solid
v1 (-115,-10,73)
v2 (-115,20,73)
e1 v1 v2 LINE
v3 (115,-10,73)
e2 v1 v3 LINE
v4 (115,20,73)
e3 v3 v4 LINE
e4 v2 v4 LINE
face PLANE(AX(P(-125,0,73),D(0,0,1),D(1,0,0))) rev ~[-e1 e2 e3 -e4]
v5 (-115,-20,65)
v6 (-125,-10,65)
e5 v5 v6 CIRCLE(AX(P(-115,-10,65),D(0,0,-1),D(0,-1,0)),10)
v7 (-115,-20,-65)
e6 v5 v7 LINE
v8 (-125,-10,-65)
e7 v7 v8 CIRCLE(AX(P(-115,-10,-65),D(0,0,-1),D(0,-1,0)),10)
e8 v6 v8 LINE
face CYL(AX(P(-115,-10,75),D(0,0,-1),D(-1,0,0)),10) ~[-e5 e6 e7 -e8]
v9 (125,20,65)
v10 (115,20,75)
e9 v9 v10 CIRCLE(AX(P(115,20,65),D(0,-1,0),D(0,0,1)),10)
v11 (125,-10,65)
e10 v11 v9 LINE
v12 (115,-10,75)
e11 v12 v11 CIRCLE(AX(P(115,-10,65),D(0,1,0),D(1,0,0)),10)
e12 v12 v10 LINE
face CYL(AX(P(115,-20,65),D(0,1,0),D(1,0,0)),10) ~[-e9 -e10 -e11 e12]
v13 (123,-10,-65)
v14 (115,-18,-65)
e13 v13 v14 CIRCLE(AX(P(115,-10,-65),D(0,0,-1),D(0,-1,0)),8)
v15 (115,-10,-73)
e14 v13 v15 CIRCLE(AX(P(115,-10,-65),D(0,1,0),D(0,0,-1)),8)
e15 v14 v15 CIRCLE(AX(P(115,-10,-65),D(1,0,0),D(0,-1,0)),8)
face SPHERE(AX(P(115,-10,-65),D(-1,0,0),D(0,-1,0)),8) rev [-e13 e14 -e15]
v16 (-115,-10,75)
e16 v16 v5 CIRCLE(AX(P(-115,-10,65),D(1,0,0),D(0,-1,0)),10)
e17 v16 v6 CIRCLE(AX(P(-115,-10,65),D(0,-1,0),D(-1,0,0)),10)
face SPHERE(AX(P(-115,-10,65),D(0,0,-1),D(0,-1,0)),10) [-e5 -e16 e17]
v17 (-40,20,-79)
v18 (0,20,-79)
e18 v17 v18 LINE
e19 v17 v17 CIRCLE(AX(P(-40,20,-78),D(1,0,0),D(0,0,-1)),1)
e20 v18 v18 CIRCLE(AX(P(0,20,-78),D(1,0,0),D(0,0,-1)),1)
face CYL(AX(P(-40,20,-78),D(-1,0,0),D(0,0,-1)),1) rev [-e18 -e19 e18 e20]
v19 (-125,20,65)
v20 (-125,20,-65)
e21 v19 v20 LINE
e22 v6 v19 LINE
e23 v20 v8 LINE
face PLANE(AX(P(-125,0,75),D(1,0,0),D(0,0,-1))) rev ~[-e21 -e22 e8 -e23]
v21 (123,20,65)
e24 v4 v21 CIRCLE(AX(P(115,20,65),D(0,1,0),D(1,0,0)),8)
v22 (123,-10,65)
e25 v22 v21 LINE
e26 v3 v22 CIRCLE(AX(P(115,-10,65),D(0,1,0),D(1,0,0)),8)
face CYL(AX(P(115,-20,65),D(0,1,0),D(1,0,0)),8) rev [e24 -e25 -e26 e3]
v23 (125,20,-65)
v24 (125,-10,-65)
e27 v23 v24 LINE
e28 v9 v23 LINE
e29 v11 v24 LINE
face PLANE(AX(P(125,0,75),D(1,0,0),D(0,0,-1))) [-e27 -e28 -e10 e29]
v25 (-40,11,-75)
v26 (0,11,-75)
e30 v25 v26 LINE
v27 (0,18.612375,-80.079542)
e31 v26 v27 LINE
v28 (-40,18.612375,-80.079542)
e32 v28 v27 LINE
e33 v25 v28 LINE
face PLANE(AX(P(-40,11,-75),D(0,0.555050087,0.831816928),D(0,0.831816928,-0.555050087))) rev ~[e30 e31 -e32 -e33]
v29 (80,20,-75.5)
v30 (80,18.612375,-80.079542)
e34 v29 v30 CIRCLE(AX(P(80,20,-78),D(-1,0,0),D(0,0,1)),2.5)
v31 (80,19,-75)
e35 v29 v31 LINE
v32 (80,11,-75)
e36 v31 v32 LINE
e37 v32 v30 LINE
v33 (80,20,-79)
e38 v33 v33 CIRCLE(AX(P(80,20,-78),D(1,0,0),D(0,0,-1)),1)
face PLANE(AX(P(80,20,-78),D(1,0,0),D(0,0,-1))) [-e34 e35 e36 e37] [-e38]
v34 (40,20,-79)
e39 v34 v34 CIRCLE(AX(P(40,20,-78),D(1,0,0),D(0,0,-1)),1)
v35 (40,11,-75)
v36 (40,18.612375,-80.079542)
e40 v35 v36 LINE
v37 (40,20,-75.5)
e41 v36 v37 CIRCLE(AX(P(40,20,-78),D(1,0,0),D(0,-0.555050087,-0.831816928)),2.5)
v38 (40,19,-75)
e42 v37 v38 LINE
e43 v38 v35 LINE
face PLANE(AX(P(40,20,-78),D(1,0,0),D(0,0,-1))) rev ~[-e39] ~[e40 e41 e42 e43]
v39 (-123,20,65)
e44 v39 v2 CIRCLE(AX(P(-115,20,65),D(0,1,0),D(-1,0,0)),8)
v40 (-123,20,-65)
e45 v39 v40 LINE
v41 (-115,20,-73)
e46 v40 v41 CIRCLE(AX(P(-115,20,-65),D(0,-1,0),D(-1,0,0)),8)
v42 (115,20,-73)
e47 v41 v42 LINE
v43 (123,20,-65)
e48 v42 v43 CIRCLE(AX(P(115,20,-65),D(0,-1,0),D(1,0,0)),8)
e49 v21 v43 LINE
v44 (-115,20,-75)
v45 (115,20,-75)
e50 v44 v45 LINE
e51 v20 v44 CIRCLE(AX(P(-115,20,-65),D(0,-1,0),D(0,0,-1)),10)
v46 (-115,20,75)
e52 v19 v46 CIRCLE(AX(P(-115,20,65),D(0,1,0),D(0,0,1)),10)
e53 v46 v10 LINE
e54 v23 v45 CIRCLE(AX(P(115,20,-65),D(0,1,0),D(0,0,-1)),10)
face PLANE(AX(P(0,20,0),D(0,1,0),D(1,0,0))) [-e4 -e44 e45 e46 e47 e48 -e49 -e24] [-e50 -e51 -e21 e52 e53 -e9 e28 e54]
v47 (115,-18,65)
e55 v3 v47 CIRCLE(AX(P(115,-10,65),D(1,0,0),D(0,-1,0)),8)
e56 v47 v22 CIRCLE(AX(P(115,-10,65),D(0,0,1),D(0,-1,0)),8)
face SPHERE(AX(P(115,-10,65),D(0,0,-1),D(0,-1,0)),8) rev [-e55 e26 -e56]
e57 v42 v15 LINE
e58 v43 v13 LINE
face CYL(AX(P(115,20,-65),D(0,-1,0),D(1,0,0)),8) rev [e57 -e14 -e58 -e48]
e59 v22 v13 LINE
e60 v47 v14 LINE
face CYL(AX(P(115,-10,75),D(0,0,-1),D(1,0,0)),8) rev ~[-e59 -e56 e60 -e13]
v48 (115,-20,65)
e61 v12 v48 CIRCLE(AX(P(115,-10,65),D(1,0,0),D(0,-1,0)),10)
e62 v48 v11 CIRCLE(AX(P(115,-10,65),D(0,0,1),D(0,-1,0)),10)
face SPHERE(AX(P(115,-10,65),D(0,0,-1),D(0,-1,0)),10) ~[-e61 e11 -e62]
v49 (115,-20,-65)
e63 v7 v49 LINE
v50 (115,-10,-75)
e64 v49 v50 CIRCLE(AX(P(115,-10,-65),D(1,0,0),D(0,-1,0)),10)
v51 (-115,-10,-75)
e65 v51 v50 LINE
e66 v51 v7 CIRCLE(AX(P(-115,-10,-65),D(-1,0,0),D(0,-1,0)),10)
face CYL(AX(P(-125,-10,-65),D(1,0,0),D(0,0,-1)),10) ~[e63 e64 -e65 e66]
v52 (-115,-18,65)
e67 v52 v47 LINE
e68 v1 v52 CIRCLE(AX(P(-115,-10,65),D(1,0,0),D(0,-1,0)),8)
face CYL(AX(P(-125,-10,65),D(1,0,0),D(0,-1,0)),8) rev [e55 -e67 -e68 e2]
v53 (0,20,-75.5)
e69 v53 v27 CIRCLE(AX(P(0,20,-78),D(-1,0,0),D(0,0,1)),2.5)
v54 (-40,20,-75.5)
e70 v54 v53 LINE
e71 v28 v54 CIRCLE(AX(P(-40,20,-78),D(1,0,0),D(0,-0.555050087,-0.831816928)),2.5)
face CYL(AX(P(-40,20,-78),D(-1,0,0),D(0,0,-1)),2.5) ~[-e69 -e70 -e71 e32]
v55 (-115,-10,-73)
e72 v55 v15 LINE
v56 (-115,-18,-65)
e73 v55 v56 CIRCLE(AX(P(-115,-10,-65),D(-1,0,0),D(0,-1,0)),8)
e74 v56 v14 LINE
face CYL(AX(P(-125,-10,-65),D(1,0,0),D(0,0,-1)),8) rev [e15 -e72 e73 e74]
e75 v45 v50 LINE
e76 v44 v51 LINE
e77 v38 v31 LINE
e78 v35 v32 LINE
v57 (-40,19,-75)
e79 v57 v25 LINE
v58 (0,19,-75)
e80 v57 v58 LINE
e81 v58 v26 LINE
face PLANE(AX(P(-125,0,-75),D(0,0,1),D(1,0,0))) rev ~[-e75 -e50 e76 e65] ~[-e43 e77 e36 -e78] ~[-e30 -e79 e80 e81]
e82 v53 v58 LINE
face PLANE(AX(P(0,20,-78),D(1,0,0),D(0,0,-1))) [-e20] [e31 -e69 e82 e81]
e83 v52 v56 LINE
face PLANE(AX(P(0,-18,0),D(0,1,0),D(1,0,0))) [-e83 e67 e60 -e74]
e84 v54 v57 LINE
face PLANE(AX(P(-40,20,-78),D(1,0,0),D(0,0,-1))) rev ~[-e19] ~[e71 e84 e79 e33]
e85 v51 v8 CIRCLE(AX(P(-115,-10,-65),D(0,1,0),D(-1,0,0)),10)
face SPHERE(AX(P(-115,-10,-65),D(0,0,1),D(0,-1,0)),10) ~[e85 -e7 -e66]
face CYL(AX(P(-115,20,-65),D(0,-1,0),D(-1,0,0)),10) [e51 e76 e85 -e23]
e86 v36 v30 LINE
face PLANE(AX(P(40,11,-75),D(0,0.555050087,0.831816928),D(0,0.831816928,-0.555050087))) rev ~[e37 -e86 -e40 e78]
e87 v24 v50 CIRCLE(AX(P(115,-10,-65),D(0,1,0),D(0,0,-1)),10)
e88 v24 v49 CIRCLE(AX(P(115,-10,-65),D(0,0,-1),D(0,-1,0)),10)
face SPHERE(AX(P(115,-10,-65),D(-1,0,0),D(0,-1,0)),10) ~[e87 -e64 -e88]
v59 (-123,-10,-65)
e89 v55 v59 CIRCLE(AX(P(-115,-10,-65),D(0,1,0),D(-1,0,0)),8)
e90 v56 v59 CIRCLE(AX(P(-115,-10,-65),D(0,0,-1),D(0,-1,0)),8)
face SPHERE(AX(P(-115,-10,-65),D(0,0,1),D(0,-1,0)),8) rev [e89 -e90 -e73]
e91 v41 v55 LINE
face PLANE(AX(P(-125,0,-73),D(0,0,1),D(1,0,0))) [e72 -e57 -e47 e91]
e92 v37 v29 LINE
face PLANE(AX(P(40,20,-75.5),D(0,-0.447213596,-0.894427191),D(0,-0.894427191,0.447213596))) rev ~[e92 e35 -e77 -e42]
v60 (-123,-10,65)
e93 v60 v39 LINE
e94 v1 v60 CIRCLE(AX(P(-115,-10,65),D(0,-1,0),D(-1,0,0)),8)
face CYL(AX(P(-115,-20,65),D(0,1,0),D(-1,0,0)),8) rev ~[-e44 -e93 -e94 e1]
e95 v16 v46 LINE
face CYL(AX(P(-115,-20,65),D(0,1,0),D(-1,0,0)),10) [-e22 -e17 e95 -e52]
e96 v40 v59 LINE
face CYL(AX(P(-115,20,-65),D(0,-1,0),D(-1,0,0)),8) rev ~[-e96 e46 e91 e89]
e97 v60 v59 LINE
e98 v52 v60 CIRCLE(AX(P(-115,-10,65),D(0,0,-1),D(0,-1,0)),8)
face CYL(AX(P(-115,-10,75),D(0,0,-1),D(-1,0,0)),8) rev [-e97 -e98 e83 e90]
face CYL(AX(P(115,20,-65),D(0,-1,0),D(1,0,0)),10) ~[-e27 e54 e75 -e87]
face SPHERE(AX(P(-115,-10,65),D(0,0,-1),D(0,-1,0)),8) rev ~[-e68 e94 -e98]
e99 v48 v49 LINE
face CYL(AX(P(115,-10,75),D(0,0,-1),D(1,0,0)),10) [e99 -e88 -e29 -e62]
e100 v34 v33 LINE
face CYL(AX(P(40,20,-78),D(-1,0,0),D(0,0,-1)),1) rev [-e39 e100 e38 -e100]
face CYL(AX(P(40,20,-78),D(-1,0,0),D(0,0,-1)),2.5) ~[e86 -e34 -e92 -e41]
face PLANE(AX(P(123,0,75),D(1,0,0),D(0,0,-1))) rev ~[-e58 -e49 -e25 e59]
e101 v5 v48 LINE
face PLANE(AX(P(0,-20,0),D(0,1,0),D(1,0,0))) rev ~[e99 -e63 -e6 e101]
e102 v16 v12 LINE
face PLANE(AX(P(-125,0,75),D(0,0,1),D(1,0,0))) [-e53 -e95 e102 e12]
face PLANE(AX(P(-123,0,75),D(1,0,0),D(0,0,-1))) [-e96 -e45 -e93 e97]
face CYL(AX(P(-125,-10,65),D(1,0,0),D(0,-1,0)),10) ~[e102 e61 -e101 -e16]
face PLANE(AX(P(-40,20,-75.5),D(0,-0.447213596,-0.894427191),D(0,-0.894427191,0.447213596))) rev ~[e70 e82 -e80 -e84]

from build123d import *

# Parameters (mm, degrees)
CROQUIS1_W              = 250
CROQUIS1_H              = 150
SALIENTE_EXTRUIR1_DEPTH = 20
REDONDEO1_R             = 10
VACIADO2_T              = -2
SALIENTE_EXTRUIR2_START = 40
CROQUIS2_R              = 1
SALIENTE_EXTRUIR2_DEPTH = 40
SALIENTE_EXTRUIR3_START = -40
CROQUIS2_3_R            = 1
SALIENTE_EXTRUIR3_DEPTH = 40


with BuildPart() as part:
    # Croquis1 → Saliente-Extruir1 (new, symmetric)
    with BuildSketch(Plane(origin=(0, 0, 0), x_dir=(1, 0, 0), z_dir=(0, 1, 0))):
        Rectangle(CROQUIS1_W, CROQUIS1_H)
    extrude(amount=SALIENTE_EXTRUIR1_DEPTH, both=True)

    # Redondeo1
    redondeo1_edges = [part.edges().sort_by_distance(p)[0] for p in [
        (0, -20, -75),
        (-125, 0, -75),
        (125, 0, -75),
        (-125, 0, 75),
        (-125, -20, 0),
        (125, -20, 0),
        (125, 0, 75),
        (0, -20, 75),
    ]]
    fillet(redondeo1_edges, radius=REDONDEO1_R)

    # Vaciado2
    vaciado2_openings = [part.faces().sort_by_distance(p)[0] for p in [
        (0, 20, 0),
    ]]
    offset(amount=VACIADO2_T, openings=vaciado2_openings, kind=Kind.INTERSECTION)

    # Croquis2 → Saliente-Extruir2 (add)
    with BuildSketch(Plane(origin=(0, 0, 0), x_dir=(0, 0, -1), z_dir=(1, 0, 0)).offset(SALIENTE_EXTRUIR2_START)):
        with BuildLine():
            Line((75, 11), (80.079542319, 18.612374783))
            ThreePointArc((80.079542319, 18.612374783), (78.724963517, 22.392577668), (75.5, 20))
            Line((75.5, 20), (75, 19))
            Line((75, 19), (75, 11))
        make_face()
        with Locations((78, 20)):
            Circle(CROQUIS2_R, mode=Mode.SUBTRACT)
    extrude(amount=SALIENTE_EXTRUIR2_DEPTH)

    # Croquis2<3> → Saliente-Extruir3 (add)
    with BuildSketch(Plane(origin=(0, 0, 0), x_dir=(0, 0, -1), z_dir=(1, 0, 0)).offset(SALIENTE_EXTRUIR3_START)):
        with BuildLine():
            Line((75, 11), (80.079542319, 18.612374783))
            ThreePointArc((80.079542319, 18.612374783), (78.724963517, 22.392577668), (75.5, 20))
            Line((75.5, 20), (75, 19))
            Line((75, 19), (75, 11))
        make_face()
        with Locations((78, 20)):
            Circle(CROQUIS2_3_R, mode=Mode.SUBTRACT)
    extrude(amount=SALIENTE_EXTRUIR3_DEPTH)


solid = part.part
